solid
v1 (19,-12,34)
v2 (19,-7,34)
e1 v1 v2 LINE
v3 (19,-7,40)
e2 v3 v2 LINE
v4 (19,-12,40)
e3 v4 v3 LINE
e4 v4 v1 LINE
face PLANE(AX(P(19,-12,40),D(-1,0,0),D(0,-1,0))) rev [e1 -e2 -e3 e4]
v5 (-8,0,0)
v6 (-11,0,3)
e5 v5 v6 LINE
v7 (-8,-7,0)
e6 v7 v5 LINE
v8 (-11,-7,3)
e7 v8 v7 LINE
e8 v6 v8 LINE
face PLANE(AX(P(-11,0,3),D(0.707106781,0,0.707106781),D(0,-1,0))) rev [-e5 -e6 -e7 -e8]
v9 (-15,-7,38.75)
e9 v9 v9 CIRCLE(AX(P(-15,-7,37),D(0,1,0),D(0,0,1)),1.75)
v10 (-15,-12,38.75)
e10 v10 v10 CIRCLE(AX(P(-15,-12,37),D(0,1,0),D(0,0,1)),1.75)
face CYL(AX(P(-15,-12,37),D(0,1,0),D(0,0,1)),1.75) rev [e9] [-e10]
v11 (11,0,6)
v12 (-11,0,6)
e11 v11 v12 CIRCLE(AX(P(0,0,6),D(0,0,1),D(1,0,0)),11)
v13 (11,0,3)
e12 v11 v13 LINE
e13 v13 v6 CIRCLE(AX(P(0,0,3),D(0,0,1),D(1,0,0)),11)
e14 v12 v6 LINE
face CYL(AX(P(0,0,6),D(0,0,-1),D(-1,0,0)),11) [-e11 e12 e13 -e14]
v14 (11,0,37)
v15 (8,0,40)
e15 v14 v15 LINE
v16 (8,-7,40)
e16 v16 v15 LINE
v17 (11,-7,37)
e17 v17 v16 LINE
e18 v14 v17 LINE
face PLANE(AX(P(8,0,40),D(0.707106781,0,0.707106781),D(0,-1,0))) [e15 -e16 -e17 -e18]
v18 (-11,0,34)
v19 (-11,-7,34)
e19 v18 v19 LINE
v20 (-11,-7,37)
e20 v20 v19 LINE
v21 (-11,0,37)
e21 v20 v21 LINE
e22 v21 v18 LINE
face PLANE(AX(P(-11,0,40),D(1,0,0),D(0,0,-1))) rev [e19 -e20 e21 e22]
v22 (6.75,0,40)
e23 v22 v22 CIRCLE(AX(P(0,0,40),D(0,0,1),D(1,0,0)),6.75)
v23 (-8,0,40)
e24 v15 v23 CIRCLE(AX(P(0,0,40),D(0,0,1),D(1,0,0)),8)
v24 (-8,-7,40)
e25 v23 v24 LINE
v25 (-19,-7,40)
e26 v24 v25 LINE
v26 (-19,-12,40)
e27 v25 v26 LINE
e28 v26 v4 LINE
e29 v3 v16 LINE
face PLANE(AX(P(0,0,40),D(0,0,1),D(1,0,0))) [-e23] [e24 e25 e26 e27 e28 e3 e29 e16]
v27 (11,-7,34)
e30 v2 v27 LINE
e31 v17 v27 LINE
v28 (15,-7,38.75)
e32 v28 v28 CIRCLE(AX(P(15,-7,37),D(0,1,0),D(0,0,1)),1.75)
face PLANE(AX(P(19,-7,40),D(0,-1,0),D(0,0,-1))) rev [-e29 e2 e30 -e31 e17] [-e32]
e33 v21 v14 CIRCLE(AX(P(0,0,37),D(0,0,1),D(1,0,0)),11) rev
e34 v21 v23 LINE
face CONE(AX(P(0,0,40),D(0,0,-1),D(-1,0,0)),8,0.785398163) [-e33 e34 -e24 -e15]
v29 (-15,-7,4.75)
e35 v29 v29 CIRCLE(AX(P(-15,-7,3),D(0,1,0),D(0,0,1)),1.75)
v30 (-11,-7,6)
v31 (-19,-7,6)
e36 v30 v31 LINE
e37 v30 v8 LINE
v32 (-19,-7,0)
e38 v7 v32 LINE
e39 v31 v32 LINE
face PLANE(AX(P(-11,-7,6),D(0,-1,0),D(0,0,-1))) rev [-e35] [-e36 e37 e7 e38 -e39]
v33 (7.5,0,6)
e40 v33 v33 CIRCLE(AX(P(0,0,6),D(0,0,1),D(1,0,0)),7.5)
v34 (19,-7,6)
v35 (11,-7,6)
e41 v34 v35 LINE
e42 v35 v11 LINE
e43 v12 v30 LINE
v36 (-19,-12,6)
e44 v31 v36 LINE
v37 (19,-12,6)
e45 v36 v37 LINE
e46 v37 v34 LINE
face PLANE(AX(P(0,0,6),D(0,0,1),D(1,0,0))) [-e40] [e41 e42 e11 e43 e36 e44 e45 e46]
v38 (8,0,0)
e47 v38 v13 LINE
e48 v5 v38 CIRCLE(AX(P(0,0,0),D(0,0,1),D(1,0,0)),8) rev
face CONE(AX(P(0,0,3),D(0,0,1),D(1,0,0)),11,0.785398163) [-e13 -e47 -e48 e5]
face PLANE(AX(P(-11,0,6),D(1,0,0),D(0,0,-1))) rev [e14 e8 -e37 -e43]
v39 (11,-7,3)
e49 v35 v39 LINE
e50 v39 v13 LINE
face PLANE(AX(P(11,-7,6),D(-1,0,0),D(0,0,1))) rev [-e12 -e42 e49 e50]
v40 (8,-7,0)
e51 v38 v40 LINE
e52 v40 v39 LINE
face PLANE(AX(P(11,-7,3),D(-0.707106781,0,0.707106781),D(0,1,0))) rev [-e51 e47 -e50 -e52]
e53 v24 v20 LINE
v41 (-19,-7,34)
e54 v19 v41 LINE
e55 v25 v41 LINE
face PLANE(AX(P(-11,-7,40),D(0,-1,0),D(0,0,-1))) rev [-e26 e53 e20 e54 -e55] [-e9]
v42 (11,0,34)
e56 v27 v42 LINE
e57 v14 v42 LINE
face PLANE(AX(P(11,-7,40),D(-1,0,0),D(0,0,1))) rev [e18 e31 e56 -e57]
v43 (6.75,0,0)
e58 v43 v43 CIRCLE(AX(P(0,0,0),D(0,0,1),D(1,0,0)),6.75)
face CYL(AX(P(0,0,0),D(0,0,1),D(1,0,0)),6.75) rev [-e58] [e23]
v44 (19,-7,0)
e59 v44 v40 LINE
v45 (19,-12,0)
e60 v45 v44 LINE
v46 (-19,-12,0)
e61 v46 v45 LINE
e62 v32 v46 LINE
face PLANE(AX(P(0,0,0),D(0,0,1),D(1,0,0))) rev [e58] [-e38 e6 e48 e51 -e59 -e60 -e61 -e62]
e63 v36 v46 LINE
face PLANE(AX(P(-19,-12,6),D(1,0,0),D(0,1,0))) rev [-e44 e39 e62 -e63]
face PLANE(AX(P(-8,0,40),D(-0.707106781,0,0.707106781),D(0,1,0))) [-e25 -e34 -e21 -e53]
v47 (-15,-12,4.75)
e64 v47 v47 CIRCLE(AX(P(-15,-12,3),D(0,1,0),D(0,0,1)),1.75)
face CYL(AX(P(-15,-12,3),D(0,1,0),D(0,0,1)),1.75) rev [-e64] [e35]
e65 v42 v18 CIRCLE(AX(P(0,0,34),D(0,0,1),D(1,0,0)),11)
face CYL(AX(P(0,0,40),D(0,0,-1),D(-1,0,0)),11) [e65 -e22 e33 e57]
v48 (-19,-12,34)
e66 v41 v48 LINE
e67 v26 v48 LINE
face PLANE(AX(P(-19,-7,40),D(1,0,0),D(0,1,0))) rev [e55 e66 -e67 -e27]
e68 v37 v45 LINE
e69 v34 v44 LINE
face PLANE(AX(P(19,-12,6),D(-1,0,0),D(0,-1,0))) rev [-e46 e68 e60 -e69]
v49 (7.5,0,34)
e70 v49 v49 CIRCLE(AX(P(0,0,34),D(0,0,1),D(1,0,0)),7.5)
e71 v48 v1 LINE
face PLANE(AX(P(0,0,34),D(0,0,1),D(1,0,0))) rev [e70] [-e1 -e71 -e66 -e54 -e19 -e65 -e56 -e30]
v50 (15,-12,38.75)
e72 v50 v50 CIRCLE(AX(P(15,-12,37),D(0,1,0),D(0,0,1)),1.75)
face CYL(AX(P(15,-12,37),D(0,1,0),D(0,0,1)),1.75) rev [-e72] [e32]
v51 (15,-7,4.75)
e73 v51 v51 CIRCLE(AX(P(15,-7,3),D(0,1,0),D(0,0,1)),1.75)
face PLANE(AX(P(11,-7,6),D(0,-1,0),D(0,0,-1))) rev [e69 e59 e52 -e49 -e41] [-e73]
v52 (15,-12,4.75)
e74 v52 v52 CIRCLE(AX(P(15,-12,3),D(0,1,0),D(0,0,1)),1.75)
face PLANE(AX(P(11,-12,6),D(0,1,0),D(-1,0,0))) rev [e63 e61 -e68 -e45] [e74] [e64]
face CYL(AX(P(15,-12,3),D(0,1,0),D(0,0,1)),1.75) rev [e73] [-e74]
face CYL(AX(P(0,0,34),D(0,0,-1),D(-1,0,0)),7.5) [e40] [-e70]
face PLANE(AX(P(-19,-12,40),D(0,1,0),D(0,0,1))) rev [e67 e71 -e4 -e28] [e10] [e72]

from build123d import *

# Parameters (mm, degrees)
BOSS_EXTRUDE1_DEPTH = 6
SKETCH2_R           = 7.5
BOSS_EXTRUDE2_DEPTH = 28
BOSS_EXTRUDE3_DEPTH = 6
SKETCH4_R           = 6.75
CUT_EXTRUDE1_DEPTH  = 46.880278988
SKETCH6_R           = 1.75
CUT_EXTRUDE3_DEPTH  = 48.801673611
CHAMFER1_SIZE       = 3


with BuildPart() as part:
    # Sketch1 → Boss-Extrude1 (new body)
    with BuildSketch(Plane.XY):
        with BuildLine():
            Line((-11, 0), (-11, -7))
            Line((-11, -7), (-19, -7))
            Line((-19, -7), (-19, -12))
            Line((-19, -12), (-11, -12))
            Line((-11, -12), (11, -12))
            Line((11, -12), (19, -12))
            Line((19, -12), (19, -7))
            Line((19, -7), (11, -7))
            Line((11, -7), (11, 0))
            ThreePointArc((11, 0), (0, 11), (-11, 0))
        make_face()
    extrude(amount=BOSS_EXTRUDE1_DEPTH)

    # Sketch2 → Boss-Extrude2 (add)
    with BuildSketch(Plane.XY.offset(6)):
        Circle(SKETCH2_R)
    extrude(amount=BOSS_EXTRUDE2_DEPTH)

    # Sketch3 → Boss-Extrude3 (add)
    with BuildSketch(Plane.XY.offset(34)):
        with BuildLine():
            Line((-11, 0), (-11, -7))
            Line((-11, -7), (-19, -7))
            Line((-19, -7), (-19, -12))
            Line((-19, -12), (19, -12))
            Line((19, -12), (19, -7))
            Line((19, -7), (11, -7))
            Line((11, -7), (11, 0))
            ThreePointArc((11, 0), (0, 11), (-11, 0))
        make_face()
    extrude(amount=BOSS_EXTRUDE3_DEPTH)

    # Sketch4 → Cut-Extrude1 (cut, through all)
    with BuildSketch(Plane.XY.offset(40)):
        Circle(SKETCH4_R)
    extrude(amount=-CUT_EXTRUDE1_DEPTH, mode=Mode.SUBTRACT)

    # Sketch6 → Cut-Extrude3 (cut, through all)
    with BuildSketch(Plane(origin=(0, -7, 0), x_dir=(1, 0, 0), z_dir=(0, 1, 0))):
        with Locations(Location((-15, -3, 0), (0, 0, 270))):
            Circle(SKETCH6_R)
        with Locations(Location((15, -3, 0), (0, 0, 270))):
            Circle(SKETCH6_R)
        with Locations(Location((15, -37, 0), (0, 0, 270))):
            Circle(SKETCH6_R)
        with Locations(Location((-15, -37, 0), (0, 0, 270))):
            Circle(SKETCH6_R)
    extrude(amount=-CUT_EXTRUDE3_DEPTH, mode=Mode.SUBTRACT)

    # Chamfer1
    chamfer1_edges = [part.edges().sort_by_distance(p)[0] for p in [
        (-11, -3.5, 0),
        (0, 11, 0),
        (11, -3.5, 0),
        (11, -3.5, 40),
        (0, 11, 40),
        (-11, -3.5, 40),
    ]]
    chamfer(chamfer1_edges, length=CHAMFER1_SIZE)


solid = part.part
